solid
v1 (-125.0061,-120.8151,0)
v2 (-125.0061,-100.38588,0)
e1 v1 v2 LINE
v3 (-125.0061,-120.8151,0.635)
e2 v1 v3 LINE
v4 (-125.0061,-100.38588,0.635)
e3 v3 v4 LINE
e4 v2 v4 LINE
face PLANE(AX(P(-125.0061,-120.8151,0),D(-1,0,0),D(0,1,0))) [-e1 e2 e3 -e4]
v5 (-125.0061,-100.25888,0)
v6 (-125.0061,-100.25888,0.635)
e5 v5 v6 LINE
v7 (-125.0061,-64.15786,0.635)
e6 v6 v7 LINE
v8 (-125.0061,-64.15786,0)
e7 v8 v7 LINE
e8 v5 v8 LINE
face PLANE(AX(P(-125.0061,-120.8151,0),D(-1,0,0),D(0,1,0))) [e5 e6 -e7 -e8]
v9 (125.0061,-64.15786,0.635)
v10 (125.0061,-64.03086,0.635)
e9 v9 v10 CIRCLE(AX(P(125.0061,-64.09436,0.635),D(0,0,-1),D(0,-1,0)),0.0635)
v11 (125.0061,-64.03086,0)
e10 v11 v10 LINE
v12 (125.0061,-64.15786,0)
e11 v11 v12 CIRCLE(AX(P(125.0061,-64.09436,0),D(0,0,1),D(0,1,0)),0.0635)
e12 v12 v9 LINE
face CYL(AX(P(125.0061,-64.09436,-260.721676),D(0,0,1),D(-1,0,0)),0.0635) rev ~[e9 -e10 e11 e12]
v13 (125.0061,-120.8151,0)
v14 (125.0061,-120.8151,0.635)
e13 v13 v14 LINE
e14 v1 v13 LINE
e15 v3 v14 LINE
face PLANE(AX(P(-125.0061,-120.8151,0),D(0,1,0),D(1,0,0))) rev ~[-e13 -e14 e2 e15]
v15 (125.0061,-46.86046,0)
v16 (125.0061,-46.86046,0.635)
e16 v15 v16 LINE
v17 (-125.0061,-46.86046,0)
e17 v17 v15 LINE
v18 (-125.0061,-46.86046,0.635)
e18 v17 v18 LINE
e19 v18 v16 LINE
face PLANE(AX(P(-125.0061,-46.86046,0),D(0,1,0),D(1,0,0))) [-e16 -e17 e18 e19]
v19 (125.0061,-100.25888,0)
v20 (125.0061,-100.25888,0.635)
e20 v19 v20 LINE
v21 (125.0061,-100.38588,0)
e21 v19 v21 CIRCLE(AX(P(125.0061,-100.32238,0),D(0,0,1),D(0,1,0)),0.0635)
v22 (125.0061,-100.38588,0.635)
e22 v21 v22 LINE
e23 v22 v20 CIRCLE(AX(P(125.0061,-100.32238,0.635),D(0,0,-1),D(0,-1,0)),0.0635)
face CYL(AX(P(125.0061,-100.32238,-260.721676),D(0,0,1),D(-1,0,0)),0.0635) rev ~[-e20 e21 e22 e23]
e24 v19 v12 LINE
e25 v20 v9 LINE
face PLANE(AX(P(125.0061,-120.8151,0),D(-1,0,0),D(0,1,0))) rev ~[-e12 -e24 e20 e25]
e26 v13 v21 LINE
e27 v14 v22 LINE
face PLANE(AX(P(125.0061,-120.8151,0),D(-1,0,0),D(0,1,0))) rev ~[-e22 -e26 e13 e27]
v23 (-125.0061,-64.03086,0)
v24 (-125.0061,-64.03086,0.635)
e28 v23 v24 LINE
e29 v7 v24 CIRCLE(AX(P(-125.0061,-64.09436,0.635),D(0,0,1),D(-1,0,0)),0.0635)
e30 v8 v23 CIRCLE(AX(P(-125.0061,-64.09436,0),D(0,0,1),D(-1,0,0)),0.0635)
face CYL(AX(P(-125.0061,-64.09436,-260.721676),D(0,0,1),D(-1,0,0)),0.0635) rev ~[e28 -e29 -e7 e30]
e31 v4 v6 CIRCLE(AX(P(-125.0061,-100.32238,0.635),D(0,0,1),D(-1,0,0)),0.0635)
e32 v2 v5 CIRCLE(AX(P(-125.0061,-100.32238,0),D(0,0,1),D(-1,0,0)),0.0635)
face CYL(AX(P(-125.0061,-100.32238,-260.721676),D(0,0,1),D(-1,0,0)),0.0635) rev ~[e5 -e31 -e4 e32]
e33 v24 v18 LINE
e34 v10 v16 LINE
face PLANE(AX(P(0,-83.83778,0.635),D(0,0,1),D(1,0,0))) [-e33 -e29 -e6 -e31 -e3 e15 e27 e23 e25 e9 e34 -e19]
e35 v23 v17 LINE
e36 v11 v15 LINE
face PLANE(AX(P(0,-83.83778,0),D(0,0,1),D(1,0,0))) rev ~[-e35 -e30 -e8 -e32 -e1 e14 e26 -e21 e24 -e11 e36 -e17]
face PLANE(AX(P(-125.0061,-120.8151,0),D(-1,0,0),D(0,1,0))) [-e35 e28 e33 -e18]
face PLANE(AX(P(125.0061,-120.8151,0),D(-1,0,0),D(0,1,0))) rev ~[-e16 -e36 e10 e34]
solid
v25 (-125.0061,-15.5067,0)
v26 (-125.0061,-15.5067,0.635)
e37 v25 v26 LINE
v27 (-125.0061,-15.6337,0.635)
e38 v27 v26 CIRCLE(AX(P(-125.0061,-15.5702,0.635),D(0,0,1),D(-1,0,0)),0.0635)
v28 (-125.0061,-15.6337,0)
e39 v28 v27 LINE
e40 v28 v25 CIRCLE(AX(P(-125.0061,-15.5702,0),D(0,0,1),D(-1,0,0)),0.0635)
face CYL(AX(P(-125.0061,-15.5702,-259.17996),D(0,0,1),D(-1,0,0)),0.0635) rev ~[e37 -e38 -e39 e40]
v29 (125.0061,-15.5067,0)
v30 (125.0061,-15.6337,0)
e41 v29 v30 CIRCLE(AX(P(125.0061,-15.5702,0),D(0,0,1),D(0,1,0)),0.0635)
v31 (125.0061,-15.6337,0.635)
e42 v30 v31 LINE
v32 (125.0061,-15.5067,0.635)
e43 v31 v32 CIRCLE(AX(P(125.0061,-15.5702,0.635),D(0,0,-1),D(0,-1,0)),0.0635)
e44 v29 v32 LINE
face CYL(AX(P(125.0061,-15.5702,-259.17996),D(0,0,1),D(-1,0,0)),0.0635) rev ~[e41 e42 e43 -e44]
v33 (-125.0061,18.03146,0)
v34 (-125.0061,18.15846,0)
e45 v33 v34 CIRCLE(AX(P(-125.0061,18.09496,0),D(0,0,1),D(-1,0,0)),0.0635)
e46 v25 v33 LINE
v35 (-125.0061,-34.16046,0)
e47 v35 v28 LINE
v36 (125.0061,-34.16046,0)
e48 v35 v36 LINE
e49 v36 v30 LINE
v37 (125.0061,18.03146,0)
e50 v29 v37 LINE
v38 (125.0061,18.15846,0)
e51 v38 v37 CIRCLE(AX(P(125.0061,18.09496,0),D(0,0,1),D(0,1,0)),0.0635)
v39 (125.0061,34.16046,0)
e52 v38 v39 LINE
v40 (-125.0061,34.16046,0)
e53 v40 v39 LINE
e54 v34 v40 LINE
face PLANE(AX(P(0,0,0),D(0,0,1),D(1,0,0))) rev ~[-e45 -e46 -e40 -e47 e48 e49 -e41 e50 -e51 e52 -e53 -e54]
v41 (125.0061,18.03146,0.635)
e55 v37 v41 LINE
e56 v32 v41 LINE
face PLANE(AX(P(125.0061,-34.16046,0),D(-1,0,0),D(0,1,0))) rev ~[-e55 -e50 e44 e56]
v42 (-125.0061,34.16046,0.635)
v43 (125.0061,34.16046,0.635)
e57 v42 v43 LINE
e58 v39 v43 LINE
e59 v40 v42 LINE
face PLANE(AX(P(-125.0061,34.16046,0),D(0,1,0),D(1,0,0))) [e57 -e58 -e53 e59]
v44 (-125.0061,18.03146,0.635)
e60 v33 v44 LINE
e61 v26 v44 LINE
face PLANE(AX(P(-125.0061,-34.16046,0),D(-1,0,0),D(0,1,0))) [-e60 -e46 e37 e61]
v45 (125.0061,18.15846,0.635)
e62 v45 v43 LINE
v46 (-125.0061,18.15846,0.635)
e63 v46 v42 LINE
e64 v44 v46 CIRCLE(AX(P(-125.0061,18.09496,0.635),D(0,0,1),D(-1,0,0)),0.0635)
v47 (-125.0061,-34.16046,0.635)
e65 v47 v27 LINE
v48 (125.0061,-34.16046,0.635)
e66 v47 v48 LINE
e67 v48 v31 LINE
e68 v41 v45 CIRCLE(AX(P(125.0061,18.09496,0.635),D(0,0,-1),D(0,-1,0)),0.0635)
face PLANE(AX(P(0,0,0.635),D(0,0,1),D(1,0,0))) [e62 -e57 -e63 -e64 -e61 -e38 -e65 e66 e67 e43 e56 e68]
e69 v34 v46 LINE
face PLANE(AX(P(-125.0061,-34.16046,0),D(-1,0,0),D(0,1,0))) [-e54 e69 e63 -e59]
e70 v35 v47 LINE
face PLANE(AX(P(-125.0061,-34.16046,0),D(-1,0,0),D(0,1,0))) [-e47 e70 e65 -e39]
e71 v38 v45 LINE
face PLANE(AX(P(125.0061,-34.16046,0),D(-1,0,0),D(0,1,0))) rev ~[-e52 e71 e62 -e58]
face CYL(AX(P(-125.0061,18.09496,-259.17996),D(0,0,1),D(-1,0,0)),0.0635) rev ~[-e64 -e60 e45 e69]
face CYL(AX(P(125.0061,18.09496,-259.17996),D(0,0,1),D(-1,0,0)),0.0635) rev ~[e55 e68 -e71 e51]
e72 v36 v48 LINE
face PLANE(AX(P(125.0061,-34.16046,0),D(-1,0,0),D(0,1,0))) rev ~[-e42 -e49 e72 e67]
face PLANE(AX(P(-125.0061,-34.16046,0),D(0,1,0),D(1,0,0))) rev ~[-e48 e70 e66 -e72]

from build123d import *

# Parameters (mm, degrees)
F0_W       = 250.0122
F0_H       = 68.32092
F1_DEPTH   = 0.635
F2_W       = 250.0122
F2_H       = 73.95464
F3_DEPTH   = 0.635
F4_D       = 0.127
F4_ON_F2_D = 0.127


with BuildPart() as f1:
    # F0 (on Top) → F1 (new body)
    with BuildSketch(Plane.XY):
        Rectangle(F0_W, F0_H)
    extrude(amount=F1_DEPTH)

    # F4 (through all)
    with Locations(Plane(origin=(0, 0, 0), x_dir=(1, 0, 0), z_dir=(0, 0, -1))):
        with Locations((-125.0061, -18.09496), (-125.0061, 15.5702), (125.0061, 15.5702), (125.0061, -18.09496)):
            Hole(F4_D / 2)


with BuildPart() as f3:
    # F2 (on Top) → F3 (new body)
    with BuildSketch(Plane.XY):
        with Locations((0, -83.83778)):
            Rectangle(F2_W, F2_H)
    extrude(amount=F3_DEPTH)

    # F4 on F2 (through all)
    with Locations(Plane(origin=(0, 0, 0), x_dir=(1, 0, 0), z_dir=(0, 0, -1))):
        with Locations((-125.0061, 64.09436), (-125.0061, 100.32238), (125.0061, 100.32238), (125.0061, 64.09436)):
            Hole(F4_ON_F2_D / 2)


solid = Compound([f1.part, f3.part])
